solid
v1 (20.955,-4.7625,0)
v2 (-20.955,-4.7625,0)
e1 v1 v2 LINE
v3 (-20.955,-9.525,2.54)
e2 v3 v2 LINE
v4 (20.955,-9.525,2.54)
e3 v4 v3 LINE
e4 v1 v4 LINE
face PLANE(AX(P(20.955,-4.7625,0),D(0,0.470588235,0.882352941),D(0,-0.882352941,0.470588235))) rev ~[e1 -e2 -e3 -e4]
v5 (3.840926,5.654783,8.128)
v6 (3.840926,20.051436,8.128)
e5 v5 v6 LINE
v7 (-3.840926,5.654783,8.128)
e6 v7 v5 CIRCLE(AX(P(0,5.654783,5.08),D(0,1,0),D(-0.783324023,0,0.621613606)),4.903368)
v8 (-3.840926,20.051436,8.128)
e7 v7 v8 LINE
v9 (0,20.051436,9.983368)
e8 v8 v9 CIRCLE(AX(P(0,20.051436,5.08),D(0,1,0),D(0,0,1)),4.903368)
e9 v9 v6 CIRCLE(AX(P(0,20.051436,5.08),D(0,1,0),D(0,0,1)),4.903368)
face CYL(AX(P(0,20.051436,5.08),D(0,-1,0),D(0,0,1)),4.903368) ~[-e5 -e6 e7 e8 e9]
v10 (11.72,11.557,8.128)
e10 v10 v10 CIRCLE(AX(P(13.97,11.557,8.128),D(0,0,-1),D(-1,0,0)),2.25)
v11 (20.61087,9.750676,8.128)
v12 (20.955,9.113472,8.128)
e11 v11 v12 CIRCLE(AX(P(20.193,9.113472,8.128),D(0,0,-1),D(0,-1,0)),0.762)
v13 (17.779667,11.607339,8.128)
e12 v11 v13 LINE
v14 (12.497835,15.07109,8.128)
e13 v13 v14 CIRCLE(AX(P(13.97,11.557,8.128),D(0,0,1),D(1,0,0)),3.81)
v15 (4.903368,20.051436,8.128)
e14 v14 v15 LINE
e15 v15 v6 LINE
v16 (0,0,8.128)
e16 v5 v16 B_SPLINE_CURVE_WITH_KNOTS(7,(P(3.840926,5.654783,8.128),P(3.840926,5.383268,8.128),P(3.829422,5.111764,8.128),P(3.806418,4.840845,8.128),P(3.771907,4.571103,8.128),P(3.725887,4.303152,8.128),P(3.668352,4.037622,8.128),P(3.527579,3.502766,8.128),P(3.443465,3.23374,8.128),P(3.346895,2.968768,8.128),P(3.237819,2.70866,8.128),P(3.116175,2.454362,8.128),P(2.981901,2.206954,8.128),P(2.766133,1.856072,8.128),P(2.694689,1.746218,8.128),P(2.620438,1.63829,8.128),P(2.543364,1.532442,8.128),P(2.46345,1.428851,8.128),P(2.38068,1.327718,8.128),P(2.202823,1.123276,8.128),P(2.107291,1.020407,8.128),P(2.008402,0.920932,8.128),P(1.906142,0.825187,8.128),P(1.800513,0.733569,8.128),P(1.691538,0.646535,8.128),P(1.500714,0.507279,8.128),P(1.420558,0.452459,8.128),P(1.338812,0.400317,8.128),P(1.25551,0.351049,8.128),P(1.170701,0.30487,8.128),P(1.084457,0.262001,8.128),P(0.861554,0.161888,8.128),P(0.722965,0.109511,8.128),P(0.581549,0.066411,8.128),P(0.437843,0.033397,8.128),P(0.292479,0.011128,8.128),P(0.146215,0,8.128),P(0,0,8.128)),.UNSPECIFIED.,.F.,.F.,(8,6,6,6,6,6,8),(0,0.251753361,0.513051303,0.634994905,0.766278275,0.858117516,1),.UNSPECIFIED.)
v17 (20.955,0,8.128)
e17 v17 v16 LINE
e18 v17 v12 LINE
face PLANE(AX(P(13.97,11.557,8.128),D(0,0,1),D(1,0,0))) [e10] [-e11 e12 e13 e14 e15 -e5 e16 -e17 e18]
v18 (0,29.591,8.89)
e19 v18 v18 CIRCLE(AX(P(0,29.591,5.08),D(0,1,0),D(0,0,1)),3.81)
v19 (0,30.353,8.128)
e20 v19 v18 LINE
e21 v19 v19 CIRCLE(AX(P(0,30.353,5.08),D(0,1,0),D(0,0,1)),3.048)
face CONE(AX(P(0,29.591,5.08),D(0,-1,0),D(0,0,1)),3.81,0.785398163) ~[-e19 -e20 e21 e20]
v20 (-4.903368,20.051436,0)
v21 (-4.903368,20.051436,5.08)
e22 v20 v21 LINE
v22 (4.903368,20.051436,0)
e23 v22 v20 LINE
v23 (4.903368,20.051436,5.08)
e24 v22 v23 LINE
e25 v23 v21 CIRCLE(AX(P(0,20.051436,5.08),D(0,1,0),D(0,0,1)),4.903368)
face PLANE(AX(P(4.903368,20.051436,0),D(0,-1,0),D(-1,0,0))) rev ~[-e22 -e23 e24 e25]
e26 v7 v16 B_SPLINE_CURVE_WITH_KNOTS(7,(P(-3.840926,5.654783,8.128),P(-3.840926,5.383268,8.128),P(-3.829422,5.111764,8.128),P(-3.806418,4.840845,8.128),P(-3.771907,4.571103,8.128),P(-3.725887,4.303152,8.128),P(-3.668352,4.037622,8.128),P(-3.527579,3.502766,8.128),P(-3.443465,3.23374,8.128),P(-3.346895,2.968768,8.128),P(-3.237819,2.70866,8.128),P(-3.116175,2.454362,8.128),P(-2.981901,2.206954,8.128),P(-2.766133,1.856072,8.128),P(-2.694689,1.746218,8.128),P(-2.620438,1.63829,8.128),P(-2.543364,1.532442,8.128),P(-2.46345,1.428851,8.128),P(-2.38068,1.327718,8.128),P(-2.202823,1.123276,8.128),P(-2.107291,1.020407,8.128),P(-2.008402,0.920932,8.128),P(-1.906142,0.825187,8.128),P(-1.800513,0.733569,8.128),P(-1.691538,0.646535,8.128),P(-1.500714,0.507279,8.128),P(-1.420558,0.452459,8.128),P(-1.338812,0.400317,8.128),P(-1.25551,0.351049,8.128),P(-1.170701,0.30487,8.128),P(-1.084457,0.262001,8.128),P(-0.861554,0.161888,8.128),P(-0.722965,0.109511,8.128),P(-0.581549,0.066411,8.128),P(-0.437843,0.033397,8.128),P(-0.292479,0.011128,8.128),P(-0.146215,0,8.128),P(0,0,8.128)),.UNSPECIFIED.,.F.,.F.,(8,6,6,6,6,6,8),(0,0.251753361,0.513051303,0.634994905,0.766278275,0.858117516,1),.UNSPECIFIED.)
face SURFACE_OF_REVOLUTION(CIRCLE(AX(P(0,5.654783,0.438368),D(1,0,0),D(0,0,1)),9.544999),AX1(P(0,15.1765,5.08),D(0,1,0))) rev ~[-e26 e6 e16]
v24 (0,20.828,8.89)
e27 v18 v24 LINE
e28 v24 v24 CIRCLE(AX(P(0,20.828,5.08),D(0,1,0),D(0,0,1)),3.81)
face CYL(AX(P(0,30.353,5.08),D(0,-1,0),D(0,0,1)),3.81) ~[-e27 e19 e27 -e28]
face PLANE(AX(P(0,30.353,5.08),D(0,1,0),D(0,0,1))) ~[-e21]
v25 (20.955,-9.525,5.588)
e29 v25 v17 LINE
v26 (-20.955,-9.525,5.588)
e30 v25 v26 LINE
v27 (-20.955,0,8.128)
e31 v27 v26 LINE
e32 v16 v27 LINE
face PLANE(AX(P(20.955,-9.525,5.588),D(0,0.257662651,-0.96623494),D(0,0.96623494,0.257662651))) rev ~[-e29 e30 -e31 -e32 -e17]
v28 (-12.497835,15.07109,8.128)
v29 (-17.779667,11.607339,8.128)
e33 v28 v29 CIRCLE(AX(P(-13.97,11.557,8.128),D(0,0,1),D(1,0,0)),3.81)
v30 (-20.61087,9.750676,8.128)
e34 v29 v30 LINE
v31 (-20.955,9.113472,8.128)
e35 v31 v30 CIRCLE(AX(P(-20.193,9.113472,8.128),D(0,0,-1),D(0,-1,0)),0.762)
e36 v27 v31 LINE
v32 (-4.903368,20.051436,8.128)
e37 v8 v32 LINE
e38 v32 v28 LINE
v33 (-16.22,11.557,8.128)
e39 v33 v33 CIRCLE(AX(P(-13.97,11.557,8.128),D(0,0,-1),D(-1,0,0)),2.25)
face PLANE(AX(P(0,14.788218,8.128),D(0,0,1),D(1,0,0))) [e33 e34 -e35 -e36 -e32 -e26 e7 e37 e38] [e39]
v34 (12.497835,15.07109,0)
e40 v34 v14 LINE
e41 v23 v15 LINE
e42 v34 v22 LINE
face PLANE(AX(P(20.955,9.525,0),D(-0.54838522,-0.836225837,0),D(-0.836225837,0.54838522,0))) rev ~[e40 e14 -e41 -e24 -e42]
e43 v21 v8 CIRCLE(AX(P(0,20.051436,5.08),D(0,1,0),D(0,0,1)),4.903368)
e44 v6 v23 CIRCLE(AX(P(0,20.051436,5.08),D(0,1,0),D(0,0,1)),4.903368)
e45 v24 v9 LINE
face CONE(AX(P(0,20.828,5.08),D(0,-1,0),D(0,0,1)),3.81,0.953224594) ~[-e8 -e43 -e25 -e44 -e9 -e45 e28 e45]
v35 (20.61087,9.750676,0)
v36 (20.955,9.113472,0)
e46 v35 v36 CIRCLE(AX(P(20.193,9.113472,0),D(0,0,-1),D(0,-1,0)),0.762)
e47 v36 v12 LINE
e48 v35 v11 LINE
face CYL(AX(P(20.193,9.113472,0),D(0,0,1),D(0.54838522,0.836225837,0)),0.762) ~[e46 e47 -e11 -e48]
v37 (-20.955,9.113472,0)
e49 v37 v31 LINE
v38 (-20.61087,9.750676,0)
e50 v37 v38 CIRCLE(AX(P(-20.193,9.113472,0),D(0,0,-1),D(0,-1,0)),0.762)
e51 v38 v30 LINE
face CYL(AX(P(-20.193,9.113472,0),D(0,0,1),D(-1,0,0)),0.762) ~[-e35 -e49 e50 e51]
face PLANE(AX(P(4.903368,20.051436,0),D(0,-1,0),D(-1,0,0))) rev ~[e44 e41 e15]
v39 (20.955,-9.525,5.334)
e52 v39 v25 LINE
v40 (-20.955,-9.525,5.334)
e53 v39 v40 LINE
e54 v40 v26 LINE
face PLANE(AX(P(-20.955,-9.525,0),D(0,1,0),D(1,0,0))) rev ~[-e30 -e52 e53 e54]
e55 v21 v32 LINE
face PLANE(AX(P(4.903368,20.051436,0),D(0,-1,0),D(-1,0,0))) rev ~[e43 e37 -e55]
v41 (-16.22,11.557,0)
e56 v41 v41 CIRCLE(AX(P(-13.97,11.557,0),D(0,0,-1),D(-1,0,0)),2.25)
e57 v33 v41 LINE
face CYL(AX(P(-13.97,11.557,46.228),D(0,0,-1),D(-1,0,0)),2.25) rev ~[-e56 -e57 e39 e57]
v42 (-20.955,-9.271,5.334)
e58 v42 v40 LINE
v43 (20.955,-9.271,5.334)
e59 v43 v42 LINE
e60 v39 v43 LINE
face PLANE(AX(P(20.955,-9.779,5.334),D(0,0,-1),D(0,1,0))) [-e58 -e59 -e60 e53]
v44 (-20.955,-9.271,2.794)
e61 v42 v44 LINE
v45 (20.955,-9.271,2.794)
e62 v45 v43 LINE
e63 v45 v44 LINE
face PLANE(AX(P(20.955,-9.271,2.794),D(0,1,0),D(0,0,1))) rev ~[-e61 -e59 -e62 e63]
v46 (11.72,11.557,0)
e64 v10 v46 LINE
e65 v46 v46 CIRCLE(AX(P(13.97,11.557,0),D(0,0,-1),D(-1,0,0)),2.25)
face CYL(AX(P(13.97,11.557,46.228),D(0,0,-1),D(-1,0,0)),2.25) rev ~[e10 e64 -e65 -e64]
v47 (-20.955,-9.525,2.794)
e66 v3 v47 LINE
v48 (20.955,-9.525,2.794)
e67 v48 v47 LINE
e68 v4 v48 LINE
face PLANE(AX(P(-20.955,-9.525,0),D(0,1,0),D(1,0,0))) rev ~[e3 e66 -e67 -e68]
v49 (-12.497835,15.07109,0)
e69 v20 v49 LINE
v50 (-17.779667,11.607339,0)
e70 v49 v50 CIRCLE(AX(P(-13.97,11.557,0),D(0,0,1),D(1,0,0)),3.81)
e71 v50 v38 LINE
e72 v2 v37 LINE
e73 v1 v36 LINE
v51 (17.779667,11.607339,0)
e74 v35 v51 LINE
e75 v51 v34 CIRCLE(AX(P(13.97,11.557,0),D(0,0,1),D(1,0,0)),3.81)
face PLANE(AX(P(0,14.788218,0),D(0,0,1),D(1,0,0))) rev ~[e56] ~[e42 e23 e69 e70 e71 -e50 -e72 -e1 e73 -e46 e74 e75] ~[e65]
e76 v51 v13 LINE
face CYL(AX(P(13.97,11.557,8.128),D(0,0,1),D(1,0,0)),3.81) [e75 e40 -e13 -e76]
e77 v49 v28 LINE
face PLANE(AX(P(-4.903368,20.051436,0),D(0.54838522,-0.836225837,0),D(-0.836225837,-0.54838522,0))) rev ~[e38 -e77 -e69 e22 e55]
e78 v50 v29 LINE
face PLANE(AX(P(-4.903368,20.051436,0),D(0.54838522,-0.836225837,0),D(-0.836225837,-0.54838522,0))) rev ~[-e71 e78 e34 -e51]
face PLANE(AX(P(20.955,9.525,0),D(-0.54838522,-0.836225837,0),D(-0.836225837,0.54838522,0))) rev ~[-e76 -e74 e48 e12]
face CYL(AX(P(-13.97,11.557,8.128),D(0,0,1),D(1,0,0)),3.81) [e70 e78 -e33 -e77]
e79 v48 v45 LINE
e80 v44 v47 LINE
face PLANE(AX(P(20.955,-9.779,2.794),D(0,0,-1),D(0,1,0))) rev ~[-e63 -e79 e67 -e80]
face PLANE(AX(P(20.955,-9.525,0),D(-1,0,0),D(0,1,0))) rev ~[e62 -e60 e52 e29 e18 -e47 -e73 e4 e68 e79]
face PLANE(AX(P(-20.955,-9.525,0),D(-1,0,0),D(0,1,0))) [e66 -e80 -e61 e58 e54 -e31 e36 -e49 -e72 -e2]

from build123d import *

# Parameters (mm, degrees)
F0_W      = 41.91
F0_H      = 19.05
F1_DEPTH  = 8.128
F3_DEPTH  = 41.911
F4_W      = 0.508
F4_H      = 2.54
F5_DEPTH  = 41.911
F8_SIZE   = 0.762
F10_DEPTH = 8.128
F11_R     = 3.81
F12_DEPTH = 8.128
F14_D     = 4.5
F14_DEPTH = 38.1
F14_TIP   = 1.3519363928
F15_R     = 0.762


with BuildPart() as f1:
    # F0 (on Top) → F1 (new body)
    with BuildSketch(Plane.XY):
        Rectangle(F0_W, F0_H)
    extrude(amount=F1_DEPTH)

    # F2 (on face) → F3 (cut, through all)
    with BuildSketch(Plane.YZ.offset(20.955)):
        Polygon((-9.525, 5.588), (0, 8.128), (-9.525, 8.128), align=None)
        Polygon((-4.7625, 0), (-9.525, 2.54), (-9.525, 0), align=None)
    extrude(amount=-F3_DEPTH, mode=Mode.SUBTRACT)

    # F4 (on face) → F5 (cut, through all)
    with BuildSketch(Plane.YZ.offset(20.955)):
        with Locations((-9.525, 4.064)):
            Rectangle(F4_W, F4_H)
    extrude(amount=-F5_DEPTH, mode=Mode.SUBTRACT)

    # F6 (on Right) → F7 (revolve)
    with BuildSketch(Plane.YZ):
        with BuildLine():
            Line((0, 5.08), (30.353, 5.08))
            Line((30.353, 5.08), (30.353, 8.89))
            Line((30.353, 8.89), (20.828, 8.89))
            Line((20.828, 8.89), (20.051436257, 9.983367576))
            Line((20.051436257, 9.983367576), (5.6547833958, 9.983367576))
            ThreePointArc((5.6547833958, 9.983367576), (2.6790917075, 9.507672027), (0, 8.128))
            Line((0, 8.128), (0, 5.08))
        make_face()
    revolve(axis=Axis((0, 15.1765, 5.08), (0, 1, 0)))

    # F8
    f8_edges = [f1.edges().sort_by_distance(p)[0] for p in [
        (0, 30.353, 1.27),
    ]]
    chamfer(f8_edges, length=F8_SIZE)

    # F9 (on Top) → F10 (join, through all)
    with BuildSketch(Plane.XY):
        Polygon((-3.8409256157, 9.525), (3.8409256157, 9.525), (4.903367576, 9.525), (4.903367576, 20.051436257), (-4.903367576, 20.051436257), (-4.903367576, 9.525), align=None)
        Polygon((4.903367576, 20.051436257), (4.903367576, 9.525), (20.955, 9.525), align=None)
        Polygon((-20.955, 9.525), (-4.903367576, 9.525), (-4.903367576, 20.051436257), align=None)
    extrude(amount=F10_DEPTH)

    # F11 (on face) → F12 (join, through all)
    with BuildSketch(Plane.XY.offset(8.128)):
        with Locations((13.97, 11.557)):
            Circle(F11_R)
        with Locations((-13.97, 11.557)):
            Circle(F11_R)
    extrude(amount=-F12_DEPTH)

    # F14
    with Locations(Plane.XY.offset(8.128)):
        with Locations((-13.97, 11.557), (13.97, 11.557)):
            Hole(F14_D / 2, depth=F14_DEPTH)
            with Locations((0, 0, -(F14_DEPTH + F14_TIP / 2))):  # 118° drill point
                Cone(0, F14_D / 2, F14_TIP, mode=Mode.SUBTRACT)

    # F15
    f15_edges = [f1.edges().sort_by_distance(p)[0] for p in [
        (20.955, 9.525, 4.064),
        (-20.955, 9.525, 4.064),
    ]]
    fillet(f15_edges, radius=F15_R)


solid = f1.part
